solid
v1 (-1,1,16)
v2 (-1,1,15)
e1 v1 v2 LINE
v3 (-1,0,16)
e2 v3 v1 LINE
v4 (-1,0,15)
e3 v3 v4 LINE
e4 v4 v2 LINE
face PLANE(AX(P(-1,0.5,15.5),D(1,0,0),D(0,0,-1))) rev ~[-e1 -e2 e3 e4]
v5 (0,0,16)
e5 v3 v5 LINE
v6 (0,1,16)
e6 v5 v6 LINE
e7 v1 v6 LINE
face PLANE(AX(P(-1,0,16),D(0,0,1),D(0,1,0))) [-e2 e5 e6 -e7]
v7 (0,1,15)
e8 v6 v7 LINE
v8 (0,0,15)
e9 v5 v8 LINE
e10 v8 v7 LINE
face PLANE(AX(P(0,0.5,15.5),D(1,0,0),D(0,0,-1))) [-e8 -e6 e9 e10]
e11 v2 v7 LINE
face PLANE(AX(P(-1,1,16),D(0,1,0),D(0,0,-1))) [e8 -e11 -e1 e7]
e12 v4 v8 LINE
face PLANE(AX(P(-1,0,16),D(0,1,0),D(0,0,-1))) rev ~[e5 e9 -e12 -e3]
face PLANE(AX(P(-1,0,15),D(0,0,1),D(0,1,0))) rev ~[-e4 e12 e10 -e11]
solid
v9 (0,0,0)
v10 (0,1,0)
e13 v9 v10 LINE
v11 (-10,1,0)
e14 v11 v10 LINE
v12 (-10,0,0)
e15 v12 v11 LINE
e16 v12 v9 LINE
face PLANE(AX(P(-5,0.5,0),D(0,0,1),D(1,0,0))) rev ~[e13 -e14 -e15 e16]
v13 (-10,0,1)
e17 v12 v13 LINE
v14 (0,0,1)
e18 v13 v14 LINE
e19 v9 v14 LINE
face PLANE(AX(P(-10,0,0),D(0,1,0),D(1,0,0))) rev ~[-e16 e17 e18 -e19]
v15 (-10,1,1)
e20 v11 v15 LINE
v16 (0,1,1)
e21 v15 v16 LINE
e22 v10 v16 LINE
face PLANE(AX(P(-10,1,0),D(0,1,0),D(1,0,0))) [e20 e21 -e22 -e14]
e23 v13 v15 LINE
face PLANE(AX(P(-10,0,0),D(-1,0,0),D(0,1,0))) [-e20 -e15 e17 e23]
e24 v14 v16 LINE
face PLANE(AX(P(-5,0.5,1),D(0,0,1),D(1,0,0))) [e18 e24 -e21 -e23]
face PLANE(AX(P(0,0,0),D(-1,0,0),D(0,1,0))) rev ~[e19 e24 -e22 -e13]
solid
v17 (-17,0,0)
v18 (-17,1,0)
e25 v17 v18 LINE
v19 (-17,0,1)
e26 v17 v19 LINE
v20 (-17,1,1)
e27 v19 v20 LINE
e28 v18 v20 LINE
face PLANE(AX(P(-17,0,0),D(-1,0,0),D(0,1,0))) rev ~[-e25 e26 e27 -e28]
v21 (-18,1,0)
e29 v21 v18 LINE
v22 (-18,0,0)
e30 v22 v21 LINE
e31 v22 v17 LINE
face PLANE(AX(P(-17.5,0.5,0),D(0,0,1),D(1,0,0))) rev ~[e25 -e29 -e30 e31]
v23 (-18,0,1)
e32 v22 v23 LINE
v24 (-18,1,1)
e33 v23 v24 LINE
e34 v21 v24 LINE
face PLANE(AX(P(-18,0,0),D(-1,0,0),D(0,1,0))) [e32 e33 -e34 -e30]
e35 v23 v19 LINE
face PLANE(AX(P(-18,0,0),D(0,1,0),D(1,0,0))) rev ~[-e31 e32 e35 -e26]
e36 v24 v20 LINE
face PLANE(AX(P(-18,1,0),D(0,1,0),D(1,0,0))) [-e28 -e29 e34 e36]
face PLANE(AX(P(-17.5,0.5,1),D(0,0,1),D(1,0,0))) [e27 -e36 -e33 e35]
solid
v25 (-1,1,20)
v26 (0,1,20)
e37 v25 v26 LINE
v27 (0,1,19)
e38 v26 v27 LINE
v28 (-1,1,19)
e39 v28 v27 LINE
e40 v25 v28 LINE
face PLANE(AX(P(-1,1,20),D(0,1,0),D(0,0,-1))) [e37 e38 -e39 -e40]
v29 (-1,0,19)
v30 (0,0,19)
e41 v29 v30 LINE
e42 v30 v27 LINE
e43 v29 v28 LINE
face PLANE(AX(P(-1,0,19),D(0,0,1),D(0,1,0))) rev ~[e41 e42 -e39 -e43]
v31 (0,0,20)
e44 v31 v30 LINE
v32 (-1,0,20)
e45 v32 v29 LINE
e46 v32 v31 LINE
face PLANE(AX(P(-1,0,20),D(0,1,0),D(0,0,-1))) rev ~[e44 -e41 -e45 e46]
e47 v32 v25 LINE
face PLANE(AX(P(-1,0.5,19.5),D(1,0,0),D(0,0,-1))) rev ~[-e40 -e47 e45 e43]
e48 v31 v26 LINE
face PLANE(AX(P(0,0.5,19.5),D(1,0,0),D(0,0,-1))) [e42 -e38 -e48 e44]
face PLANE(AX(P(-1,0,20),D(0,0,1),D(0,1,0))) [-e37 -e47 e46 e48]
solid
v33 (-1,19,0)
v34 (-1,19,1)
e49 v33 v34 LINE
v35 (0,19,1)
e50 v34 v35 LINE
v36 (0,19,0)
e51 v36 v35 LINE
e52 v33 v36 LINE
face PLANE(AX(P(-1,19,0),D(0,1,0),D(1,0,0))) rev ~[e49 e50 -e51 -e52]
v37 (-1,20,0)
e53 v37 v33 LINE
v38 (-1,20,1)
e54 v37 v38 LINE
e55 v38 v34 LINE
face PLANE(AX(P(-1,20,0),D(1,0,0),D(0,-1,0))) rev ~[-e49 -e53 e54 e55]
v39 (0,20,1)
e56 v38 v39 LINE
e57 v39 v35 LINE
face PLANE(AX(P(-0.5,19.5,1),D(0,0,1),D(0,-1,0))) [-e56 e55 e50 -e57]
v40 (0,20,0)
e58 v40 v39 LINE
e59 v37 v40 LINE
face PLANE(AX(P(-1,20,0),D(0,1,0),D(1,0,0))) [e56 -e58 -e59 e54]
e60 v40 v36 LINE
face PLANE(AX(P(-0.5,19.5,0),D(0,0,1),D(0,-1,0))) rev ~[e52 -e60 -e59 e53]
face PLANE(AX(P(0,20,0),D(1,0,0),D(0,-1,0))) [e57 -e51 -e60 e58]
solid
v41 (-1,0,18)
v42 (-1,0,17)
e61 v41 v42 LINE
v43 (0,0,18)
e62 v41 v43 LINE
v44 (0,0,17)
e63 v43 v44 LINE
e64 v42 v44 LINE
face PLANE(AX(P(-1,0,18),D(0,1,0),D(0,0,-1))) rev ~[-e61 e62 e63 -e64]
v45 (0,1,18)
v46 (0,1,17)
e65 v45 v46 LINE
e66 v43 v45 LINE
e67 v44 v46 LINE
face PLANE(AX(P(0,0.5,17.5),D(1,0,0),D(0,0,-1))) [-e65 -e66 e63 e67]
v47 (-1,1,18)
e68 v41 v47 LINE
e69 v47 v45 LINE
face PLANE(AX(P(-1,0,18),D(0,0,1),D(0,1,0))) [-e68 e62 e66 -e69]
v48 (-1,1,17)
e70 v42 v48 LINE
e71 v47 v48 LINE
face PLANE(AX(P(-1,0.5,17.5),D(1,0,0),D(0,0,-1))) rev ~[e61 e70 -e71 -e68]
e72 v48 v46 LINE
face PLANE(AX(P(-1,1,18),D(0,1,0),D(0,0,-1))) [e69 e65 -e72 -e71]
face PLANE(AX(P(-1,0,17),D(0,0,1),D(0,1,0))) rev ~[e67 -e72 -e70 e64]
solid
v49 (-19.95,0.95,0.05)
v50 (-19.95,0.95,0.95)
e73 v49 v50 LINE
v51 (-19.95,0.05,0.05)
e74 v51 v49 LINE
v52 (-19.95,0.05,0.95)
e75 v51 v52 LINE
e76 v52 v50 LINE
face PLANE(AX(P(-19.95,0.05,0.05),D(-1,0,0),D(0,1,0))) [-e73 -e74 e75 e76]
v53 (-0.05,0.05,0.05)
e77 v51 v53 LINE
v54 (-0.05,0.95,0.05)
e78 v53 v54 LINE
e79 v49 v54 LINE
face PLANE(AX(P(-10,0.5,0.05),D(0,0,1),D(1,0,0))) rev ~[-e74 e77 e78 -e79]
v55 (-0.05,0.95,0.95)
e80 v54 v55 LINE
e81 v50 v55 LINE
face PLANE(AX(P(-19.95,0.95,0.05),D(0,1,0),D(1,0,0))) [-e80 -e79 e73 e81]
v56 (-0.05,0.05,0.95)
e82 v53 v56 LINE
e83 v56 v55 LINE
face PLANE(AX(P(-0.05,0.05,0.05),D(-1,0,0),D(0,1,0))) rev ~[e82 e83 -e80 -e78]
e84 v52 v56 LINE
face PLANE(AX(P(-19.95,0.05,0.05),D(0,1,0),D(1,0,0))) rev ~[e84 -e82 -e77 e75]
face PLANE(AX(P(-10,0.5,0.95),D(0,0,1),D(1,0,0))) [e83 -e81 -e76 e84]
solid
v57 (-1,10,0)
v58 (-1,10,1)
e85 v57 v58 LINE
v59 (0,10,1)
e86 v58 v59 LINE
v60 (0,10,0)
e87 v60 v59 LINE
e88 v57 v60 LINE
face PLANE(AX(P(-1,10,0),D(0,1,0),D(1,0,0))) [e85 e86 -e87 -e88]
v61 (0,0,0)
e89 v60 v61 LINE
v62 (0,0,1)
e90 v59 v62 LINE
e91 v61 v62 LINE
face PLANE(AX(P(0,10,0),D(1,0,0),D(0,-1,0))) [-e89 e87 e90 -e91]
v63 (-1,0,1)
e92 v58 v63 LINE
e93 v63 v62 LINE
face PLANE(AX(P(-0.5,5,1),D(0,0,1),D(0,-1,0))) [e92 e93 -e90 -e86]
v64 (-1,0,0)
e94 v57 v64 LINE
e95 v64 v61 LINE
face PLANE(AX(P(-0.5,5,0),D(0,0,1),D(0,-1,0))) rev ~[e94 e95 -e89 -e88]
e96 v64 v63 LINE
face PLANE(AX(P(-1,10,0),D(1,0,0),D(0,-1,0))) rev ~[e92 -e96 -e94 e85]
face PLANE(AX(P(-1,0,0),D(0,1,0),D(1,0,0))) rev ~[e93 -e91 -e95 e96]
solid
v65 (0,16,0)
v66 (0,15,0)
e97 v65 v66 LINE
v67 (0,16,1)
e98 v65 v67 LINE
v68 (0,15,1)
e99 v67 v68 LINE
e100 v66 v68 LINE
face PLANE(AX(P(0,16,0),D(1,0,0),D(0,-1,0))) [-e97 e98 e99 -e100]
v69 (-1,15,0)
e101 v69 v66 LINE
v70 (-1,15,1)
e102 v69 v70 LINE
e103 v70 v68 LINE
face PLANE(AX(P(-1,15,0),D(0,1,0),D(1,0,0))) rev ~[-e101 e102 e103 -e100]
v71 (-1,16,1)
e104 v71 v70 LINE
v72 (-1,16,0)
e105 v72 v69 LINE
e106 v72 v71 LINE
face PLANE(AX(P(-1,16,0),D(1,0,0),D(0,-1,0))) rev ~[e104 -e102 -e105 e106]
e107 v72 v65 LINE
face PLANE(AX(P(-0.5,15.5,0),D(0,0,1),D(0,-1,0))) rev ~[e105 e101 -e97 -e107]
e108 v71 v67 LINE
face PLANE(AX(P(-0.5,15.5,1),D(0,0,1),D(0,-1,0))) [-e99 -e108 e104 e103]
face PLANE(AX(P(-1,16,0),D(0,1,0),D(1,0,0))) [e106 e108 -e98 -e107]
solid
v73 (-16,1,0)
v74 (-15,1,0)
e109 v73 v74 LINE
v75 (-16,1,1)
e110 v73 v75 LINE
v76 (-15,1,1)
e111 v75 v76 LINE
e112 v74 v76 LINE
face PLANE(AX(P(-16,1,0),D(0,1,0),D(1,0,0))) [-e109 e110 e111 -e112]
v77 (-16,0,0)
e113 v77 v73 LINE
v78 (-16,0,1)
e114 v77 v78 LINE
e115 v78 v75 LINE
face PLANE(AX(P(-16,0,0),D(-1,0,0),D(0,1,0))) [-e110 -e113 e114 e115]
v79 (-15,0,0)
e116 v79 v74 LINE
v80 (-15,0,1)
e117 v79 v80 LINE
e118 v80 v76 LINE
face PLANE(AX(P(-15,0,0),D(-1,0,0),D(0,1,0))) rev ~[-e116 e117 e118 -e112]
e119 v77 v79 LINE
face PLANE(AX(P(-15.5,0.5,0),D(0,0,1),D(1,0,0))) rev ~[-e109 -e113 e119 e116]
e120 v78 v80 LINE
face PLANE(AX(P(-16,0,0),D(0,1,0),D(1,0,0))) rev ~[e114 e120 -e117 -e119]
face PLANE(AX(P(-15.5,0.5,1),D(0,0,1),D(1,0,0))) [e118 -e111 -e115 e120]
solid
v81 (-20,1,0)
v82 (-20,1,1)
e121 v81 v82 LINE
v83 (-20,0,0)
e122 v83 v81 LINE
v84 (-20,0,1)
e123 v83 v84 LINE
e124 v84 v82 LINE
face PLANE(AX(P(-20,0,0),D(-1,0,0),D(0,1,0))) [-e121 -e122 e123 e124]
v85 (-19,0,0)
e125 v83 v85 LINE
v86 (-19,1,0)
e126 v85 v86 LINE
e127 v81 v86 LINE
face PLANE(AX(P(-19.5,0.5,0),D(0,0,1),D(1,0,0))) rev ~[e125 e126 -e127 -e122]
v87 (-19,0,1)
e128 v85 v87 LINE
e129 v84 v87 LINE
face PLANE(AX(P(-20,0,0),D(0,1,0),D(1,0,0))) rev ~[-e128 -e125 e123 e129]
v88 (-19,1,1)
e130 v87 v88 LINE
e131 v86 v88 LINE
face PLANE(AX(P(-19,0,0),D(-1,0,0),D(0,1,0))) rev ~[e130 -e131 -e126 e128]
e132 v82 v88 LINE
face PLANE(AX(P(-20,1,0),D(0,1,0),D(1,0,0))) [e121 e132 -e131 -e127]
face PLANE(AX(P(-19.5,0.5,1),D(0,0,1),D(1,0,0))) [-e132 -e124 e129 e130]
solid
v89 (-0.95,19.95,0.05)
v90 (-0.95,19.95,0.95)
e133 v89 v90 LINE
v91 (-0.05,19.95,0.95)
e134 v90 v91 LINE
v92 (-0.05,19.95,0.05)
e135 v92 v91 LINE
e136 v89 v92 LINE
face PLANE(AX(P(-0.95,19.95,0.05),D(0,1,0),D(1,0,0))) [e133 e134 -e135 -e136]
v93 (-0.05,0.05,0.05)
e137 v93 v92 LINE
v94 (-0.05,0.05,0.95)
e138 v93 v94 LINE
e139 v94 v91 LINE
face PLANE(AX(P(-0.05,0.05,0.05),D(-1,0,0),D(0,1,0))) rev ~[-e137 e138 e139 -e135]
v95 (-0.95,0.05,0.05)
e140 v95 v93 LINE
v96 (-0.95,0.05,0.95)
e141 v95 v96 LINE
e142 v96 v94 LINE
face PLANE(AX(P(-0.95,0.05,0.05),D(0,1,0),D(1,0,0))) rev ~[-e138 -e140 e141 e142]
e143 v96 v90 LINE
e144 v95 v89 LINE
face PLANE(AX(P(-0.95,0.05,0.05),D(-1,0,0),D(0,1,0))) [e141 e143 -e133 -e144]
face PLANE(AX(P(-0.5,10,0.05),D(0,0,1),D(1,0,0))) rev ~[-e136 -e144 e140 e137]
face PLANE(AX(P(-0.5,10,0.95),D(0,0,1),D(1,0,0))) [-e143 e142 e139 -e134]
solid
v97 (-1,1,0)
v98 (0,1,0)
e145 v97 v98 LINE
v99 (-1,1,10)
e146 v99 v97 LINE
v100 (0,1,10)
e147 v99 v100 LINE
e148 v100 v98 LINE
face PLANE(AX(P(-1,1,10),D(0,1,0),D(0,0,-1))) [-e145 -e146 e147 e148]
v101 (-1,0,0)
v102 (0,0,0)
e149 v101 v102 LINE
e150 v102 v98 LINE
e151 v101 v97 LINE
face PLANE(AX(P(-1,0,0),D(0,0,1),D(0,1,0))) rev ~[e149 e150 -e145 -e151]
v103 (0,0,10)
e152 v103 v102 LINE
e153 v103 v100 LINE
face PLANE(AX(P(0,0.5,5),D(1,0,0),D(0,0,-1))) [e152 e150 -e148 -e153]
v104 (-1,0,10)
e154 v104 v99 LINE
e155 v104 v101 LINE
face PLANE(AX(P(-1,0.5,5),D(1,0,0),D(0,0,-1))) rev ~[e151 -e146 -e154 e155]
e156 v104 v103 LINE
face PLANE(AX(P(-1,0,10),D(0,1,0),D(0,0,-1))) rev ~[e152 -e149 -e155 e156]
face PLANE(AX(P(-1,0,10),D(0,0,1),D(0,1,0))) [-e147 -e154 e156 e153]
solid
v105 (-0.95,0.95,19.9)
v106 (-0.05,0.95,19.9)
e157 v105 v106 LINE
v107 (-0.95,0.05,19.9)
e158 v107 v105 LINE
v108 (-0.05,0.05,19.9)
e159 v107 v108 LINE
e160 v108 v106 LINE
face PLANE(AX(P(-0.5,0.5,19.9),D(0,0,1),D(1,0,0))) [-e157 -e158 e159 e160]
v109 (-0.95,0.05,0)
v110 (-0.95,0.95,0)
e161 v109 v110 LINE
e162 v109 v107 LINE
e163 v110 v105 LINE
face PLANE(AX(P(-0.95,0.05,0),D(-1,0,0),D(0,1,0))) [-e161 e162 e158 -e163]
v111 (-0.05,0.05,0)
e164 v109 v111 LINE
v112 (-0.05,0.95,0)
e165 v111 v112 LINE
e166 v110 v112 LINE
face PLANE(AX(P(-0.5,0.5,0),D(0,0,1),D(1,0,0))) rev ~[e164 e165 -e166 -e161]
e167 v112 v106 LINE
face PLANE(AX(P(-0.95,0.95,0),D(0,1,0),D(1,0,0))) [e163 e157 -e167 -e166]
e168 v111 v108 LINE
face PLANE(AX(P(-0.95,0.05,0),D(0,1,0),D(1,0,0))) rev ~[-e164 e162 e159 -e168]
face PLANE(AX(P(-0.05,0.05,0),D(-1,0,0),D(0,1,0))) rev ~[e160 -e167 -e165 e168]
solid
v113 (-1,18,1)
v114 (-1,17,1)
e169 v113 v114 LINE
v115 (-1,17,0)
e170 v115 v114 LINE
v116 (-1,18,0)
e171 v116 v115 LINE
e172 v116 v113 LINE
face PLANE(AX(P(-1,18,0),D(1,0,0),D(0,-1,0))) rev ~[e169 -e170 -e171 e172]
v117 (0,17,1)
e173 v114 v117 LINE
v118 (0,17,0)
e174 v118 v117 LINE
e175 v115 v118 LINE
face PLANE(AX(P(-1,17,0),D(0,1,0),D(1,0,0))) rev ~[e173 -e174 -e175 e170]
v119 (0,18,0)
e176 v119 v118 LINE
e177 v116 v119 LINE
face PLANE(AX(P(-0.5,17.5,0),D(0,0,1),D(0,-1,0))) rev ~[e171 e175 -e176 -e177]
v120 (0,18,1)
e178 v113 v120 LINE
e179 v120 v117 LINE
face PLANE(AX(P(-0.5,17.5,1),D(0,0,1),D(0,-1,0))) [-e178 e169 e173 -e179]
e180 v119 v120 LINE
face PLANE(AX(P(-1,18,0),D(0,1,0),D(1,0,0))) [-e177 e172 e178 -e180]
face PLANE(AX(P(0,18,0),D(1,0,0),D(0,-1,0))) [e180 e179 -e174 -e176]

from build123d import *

# Parameters (mm, degrees)
BOX_W        = 10
BOX_H        = 1
BOX_DEPTH    = 1
BOX001_W     = 1
BOX001_H     = 1
BOX001_DEPTH = 1
BOX002_W     = 1
BOX002_H     = 1
BOX002_DEPTH = 1
BOX003_W     = 1
BOX003_H     = 1
BOX003_DEPTH = 1
BOX004_W     = 10
BOX004_H     = 1
BOX004_DEPTH = 1
BOX005_W     = 1
BOX005_H     = 1
BOX005_DEPTH = 1
BOX006_W     = 1
BOX006_H     = 1
BOX006_DEPTH = 1
BOX007_W     = 1
BOX007_H     = 1
BOX007_DEPTH = 1
BOX010_W     = 1
BOX010_H     = 1
BOX010_DEPTH = 1
BOX008_W     = 10
BOX008_H     = 1
BOX008_DEPTH = 1
BOX009_W     = 1
BOX009_H     = 1
BOX009_DEPTH = 1
BOX011_W     = 1
BOX011_H     = 1
BOX011_DEPTH = 1
BOX012_W     = 0.9
BOX012_H     = 0.9
BOX012_DEPTH = 19.9
BOX013_W     = 19.9
BOX013_H     = 0.9
BOX013_DEPTH = 0.9
BOX014_W     = 0.9
BOX014_H     = 19.9
BOX014_DEPTH = 0.9


with BuildPart() as cube:
    # Box → Box (new body)
    with BuildSketch(Plane(origin=(-10, 0, 0), x_dir=(1, 0, 0), z_dir=(0, 0, 1))):
        with Locations((5, 0.5)):
            Rectangle(BOX_W, BOX_H)
    extrude(amount=BOX_DEPTH)


with BuildPart() as cube001:
    # Box001 → Box001 (new body)
    with BuildSketch(Plane(origin=(-16, 0, 0), x_dir=(1, 0, 0), z_dir=(0, 0, 1))):
        with Locations((0.5, 0.5)):
            Rectangle(BOX001_W, BOX001_H)
    extrude(amount=BOX001_DEPTH)


with BuildPart() as cube002:
    # Box002 → Box002 (new body)
    with BuildSketch(Plane(origin=(-18, 0, 0), x_dir=(1, 0, 0), z_dir=(0, 0, 1))):
        with Locations((0.5, 0.5)):
            Rectangle(BOX002_W, BOX002_H)
    extrude(amount=BOX002_DEPTH)


with BuildPart() as cube003:
    # Box003 → Box003 (new body)
    with BuildSketch(Plane(origin=(-20, 0, 0), x_dir=(1, 0, 0), z_dir=(0, 0, 1))):
        with Locations((0.5, 0.5)):
            Rectangle(BOX003_W, BOX003_H)
    extrude(amount=BOX003_DEPTH)


with BuildPart() as cube004:
    # Box004 → Box004 (new body)
    with BuildSketch(Plane(origin=(-1, 10, 0), x_dir=(0, -1, 0), z_dir=(0, 0, 1))):
        with Locations((5, 0.5)):
            Rectangle(BOX004_W, BOX004_H)
    extrude(amount=BOX004_DEPTH)


with BuildPart() as cube005:
    # Box005 → Box005 (new body)
    with BuildSketch(Plane(origin=(-1, 16, 0), x_dir=(0, -1, 0), z_dir=(0, 0, 1))):
        with Locations((0.5, 0.5)):
            Rectangle(BOX005_W, BOX005_H)
    extrude(amount=BOX005_DEPTH)


with BuildPart() as cube006:
    # Box006 → Box006 (new body)
    with BuildSketch(Plane(origin=(-1, 18, 0), x_dir=(0, -1, 0), z_dir=(0, 0, 1))):
        with Locations((0.5, 0.5)):
            Rectangle(BOX006_W, BOX006_H)
    extrude(amount=BOX006_DEPTH)


with BuildPart() as cube007:
    # Box007 → Box007 (new body)
    with BuildSketch(Plane(origin=(-1, 20, 0), x_dir=(0, -1, 0), z_dir=(0, 0, 1))):
        with Locations((0.5, 0.5)):
            Rectangle(BOX007_W, BOX007_H)
    extrude(amount=BOX007_DEPTH)


with BuildPart() as cube010:
    # Box010 → Box010 (new body)
    with BuildSketch(Plane(origin=(-1, 0, 18), x_dir=(0, 0, -1), z_dir=(1, 0, 0))):
        with Locations((0.5, 0.5)):
            Rectangle(BOX010_W, BOX010_H)
    extrude(amount=BOX010_DEPTH)


with BuildPart() as cube008:
    # Box008 → Box008 (new body)
    with BuildSketch(Plane(origin=(-1, 0, 10), x_dir=(0, 0, -1), z_dir=(1, 0, 0))):
        with Locations((5, 0.5)):
            Rectangle(BOX008_W, BOX008_H)
    extrude(amount=BOX008_DEPTH)


with BuildPart() as cube009:
    # Box009 → Box009 (new body)
    with BuildSketch(Plane(origin=(-1, 0, 16), x_dir=(0, 0, -1), z_dir=(1, 0, 0))):
        with Locations((0.5, 0.5)):
            Rectangle(BOX009_W, BOX009_H)
    extrude(amount=BOX009_DEPTH)


with BuildPart() as cube011:
    # Box011 → Box011 (new body)
    with BuildSketch(Plane(origin=(-1, 0, 20), x_dir=(0, 0, -1), z_dir=(1, 0, 0))):
        with Locations((0.5, 0.5)):
            Rectangle(BOX011_W, BOX011_H)
    extrude(amount=BOX011_DEPTH)


with BuildPart() as cube012:
    # Box012 → Box012 (new body)
    with BuildSketch(Plane(origin=(-0.95, 0.05, 0), x_dir=(1, 0, 0), z_dir=(0, 0, 1))):
        with Locations((0.45, 0.45)):
            Rectangle(BOX012_W, BOX012_H)
    extrude(amount=BOX012_DEPTH)


with BuildPart() as cube013:
    # Box013 → Box013 (new body)
    with BuildSketch(Plane(origin=(-19.95, 0.05, 0.05), x_dir=(1, 0, 0), z_dir=(0, 0, 1))):
        with Locations((9.95, 0.45)):
            Rectangle(BOX013_W, BOX013_H)
    extrude(amount=BOX013_DEPTH)


with BuildPart() as cube014:
    # Box014 → Box014 (new body)
    with BuildSketch(Plane(origin=(-0.95, 0.05, 0.05), x_dir=(1, 0, 0), z_dir=(0, 0, 1))):
        with Locations((0.45, 9.95)):
            Rectangle(BOX014_W, BOX014_H)
    extrude(amount=BOX014_DEPTH)


solid = Compound([cube.part, cube001.part, cube002.part, cube003.part, cube004.part, cube005.part, cube006.part, cube007.part, cube010.part, cube008.part, cube009.part, cube011.part, cube012.part, cube013.part, cube014.part])
